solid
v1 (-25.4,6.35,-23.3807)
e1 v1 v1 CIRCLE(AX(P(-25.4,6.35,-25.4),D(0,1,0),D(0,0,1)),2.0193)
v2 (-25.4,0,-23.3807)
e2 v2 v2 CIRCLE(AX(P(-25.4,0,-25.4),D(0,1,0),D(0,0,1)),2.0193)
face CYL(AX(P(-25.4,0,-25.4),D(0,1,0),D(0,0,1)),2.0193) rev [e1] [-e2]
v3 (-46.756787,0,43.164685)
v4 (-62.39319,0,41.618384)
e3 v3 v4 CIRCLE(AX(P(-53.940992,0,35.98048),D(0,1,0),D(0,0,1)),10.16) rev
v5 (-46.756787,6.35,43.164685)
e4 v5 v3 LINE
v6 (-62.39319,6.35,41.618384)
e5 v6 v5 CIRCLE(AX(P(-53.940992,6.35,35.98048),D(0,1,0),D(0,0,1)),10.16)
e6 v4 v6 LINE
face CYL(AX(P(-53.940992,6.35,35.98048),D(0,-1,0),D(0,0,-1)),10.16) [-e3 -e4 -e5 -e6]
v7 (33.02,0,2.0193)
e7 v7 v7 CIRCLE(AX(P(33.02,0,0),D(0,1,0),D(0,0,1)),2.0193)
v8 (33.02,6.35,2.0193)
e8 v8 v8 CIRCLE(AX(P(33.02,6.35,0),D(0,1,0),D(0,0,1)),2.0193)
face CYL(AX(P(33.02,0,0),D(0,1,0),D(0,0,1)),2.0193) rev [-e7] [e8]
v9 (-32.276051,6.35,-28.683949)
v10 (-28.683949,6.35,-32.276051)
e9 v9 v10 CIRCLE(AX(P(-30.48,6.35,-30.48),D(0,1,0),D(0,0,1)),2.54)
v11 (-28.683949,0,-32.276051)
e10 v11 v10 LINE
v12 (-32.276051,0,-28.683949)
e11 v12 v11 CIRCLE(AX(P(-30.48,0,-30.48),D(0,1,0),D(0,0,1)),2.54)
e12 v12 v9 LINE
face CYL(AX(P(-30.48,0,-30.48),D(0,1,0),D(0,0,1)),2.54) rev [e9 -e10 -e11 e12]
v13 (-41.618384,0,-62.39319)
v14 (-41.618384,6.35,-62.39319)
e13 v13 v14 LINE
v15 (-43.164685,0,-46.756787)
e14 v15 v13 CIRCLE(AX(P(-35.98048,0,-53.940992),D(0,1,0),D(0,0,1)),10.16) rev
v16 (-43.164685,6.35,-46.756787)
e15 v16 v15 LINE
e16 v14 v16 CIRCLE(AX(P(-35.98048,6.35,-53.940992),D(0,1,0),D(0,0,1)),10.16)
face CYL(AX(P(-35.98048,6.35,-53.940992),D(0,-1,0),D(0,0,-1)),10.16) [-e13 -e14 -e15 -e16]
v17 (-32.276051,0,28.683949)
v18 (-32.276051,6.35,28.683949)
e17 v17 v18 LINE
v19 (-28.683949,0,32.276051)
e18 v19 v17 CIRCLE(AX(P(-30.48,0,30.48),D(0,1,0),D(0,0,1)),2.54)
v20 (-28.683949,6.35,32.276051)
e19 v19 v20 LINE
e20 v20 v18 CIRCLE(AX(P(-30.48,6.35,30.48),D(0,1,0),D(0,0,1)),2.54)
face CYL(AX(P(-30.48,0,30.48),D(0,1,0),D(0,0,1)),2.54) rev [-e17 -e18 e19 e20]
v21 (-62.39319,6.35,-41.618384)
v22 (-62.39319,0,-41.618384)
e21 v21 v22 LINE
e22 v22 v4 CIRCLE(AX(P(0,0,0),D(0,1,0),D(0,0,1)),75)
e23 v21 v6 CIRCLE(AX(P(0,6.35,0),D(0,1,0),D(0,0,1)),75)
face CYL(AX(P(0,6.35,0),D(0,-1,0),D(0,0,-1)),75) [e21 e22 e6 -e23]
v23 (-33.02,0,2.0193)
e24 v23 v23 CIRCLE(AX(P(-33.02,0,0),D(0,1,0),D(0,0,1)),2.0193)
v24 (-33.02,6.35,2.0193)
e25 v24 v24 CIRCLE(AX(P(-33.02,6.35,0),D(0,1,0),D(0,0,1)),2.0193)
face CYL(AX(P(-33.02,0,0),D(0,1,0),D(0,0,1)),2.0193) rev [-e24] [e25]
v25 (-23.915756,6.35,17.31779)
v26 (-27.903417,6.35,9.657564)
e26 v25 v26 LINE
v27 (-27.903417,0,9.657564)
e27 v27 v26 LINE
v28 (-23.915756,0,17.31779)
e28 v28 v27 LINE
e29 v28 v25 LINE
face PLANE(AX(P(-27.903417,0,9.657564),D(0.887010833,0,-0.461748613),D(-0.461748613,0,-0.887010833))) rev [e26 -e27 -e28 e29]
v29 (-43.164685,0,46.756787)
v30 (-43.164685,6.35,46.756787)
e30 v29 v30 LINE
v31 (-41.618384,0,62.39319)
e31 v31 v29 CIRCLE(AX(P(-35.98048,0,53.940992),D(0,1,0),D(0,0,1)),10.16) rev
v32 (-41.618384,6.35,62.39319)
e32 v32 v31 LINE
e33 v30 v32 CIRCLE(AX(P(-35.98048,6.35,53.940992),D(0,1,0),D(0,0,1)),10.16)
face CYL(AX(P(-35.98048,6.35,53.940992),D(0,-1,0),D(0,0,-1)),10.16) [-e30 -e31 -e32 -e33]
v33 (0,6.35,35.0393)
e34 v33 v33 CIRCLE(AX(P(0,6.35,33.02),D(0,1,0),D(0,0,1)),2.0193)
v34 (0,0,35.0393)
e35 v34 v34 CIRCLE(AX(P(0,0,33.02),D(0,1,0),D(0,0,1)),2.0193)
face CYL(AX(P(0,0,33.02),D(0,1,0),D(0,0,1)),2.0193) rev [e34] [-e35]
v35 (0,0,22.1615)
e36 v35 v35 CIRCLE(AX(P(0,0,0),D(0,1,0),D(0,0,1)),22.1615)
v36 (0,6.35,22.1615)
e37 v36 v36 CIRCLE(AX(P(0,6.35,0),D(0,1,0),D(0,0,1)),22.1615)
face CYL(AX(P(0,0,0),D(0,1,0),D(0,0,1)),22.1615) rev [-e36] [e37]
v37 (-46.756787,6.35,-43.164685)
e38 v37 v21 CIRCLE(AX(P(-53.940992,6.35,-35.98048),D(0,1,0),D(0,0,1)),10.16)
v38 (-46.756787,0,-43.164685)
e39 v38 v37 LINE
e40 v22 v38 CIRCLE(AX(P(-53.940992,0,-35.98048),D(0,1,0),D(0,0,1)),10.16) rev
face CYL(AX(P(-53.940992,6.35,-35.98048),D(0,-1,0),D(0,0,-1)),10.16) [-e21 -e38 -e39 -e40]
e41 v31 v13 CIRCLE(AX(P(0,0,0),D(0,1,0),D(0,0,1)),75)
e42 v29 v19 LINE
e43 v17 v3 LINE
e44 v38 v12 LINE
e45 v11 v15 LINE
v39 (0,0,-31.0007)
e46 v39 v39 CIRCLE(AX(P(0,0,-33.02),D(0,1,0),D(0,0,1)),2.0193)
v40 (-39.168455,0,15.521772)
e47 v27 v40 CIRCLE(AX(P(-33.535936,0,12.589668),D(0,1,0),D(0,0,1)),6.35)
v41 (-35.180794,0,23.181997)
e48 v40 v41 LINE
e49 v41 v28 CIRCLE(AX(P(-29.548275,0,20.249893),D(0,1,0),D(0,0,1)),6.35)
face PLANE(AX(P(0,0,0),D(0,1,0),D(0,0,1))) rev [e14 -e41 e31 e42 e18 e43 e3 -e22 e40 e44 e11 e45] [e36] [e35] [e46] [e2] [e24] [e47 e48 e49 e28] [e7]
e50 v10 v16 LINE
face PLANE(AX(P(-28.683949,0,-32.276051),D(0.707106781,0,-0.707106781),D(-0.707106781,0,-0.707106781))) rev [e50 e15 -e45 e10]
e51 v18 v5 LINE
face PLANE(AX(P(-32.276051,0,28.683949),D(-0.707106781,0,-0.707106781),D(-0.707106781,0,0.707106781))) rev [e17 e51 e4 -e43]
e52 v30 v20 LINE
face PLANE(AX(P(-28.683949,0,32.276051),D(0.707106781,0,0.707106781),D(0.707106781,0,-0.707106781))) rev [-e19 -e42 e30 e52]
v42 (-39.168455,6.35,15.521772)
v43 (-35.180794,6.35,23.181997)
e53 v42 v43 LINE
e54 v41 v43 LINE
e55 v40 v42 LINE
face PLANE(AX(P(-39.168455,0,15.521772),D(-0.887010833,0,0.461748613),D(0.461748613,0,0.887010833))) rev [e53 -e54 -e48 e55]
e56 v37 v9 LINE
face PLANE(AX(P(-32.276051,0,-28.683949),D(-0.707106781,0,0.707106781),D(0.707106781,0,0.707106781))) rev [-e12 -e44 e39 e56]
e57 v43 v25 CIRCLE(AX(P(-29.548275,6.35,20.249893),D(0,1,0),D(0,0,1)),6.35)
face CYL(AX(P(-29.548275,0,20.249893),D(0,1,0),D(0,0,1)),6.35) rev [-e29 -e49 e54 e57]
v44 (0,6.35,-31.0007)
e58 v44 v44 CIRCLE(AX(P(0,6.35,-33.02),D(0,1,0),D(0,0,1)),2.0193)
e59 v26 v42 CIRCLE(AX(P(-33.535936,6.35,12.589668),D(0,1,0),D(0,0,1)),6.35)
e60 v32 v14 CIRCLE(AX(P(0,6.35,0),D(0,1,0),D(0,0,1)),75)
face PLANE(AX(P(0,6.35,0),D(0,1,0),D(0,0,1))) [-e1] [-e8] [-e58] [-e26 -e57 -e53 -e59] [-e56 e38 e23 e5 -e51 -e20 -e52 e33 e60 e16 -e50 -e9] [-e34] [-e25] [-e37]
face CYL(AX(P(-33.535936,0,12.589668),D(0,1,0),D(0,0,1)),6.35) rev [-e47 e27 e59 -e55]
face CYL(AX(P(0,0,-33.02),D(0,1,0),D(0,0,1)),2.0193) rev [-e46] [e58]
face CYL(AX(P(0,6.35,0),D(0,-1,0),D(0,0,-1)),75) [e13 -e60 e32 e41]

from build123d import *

# Parameters (mm, degrees)
SKETCH1_R           = 75
BOSS_EXTRUDE1_DEPTH = 6.35
SKETCH45_R          = 22.1615
SKETCH45_R_2        = 2.0193
CUT_EXTRUDE36_DEPTH = 107.255929246
FILLET2_R           = 10.16


with BuildPart() as part:
    # Sketch1 → Boss-Extrude1 (new body)
    with BuildSketch(Plane(origin=(0, 0, 0), x_dir=(1, 0, 0), z_dir=(0, 1, 0))):
        with Locations(Location((0, 0, 0), (0, 0, 270))):
            Circle(SKETCH1_R)
    extrude(amount=BOSS_EXTRUDE1_DEPTH)

    # Sketch45 → Cut-Extrude36 (cut, through all)
    with BuildSketch(Plane(origin=(0, 6.35, 0), x_dir=(1, 0, 0), z_dir=(0, 1, 0))):
        with Locations(Location((0, 0, 0), (0, 0, 270))):
            Circle(SKETCH45_R)
        with Locations(Location((-25.4, 25.4, 0), (0, 0, 270))):
            Circle(SKETCH45_R_2)
        with Locations(Location((0, 33.02, 0), (0, 0, 270))):
            Circle(SKETCH45_R_2)
        with Locations(Location((33.02, 0, 0), (0, 0, 270))):
            Circle(SKETCH45_R_2)
        with Locations(Location((0, -33.02, 0), (0, 0, 270))):
            Circle(SKETCH45_R_2)
        with Locations(Location((-33.02, 0, 0), (0, 0, 270))):
            Circle(SKETCH45_R_2)
        with BuildLine():
            Line((-27.903416949, -9.657564215), (-23.915755925, -17.31778977))
            ThreePointArc((-23.915755925, -17.31778977), (-26.616171022, -25.882412255), (-35.180793507, -23.181997158))
            Line((-35.180793507, -23.181997158), (-39.16845453, -15.521771603))
            ThreePointArc((-39.16845453, -15.521771603), (-36.468039434, -6.957149118), (-27.903416949, -9.657564215))
        make_face()
        with BuildLine():
            Line((-28.683948776, -32.276051224), (-51.236957365, -54.829059813))
            ThreePointArc((-51.236957365, -54.829059813), (-54.829059813, -54.829059813), (-54.829059813, -51.236957365))
            Line((-54.829059813, -51.236957365), (-32.276051224, -28.683948776))
            ThreePointArc((-32.276051224, -28.683948776), (-28.683948776, -28.683948776), (-28.683948776, -32.276051224))
        make_face()
        with BuildLine():
            Line((-32.276051224, 28.683948776), (-54.829059813, 51.236957365))
            ThreePointArc((-54.829059813, 51.236957365), (-54.829059813, 54.829059813), (-51.236957365, 54.829059813))
            Line((-51.236957365, 54.829059813), (-28.683948776, 32.276051224))
            ThreePointArc((-28.683948776, 32.276051224), (-28.683948776, 28.683948776), (-32.276051224, 28.683948776))
        make_face()
    extrude(amount=-CUT_EXTRUDE36_DEPTH, mode=Mode.SUBTRACT)

    # Fillet2
    fillet2_edges = [part.edges().sort_by_distance(p)[0] for p in [
        (-51.206535505, 3.175, 54.798637954),
        (-54.798637954, 3.175, 51.206535505),
        (-54.798637954, 3.175, -51.206535505),
        (-51.206535505, 3.175, -54.798637954),
    ]]
    fillet(fillet2_edges, radius=FILLET2_R)


solid = part.part
